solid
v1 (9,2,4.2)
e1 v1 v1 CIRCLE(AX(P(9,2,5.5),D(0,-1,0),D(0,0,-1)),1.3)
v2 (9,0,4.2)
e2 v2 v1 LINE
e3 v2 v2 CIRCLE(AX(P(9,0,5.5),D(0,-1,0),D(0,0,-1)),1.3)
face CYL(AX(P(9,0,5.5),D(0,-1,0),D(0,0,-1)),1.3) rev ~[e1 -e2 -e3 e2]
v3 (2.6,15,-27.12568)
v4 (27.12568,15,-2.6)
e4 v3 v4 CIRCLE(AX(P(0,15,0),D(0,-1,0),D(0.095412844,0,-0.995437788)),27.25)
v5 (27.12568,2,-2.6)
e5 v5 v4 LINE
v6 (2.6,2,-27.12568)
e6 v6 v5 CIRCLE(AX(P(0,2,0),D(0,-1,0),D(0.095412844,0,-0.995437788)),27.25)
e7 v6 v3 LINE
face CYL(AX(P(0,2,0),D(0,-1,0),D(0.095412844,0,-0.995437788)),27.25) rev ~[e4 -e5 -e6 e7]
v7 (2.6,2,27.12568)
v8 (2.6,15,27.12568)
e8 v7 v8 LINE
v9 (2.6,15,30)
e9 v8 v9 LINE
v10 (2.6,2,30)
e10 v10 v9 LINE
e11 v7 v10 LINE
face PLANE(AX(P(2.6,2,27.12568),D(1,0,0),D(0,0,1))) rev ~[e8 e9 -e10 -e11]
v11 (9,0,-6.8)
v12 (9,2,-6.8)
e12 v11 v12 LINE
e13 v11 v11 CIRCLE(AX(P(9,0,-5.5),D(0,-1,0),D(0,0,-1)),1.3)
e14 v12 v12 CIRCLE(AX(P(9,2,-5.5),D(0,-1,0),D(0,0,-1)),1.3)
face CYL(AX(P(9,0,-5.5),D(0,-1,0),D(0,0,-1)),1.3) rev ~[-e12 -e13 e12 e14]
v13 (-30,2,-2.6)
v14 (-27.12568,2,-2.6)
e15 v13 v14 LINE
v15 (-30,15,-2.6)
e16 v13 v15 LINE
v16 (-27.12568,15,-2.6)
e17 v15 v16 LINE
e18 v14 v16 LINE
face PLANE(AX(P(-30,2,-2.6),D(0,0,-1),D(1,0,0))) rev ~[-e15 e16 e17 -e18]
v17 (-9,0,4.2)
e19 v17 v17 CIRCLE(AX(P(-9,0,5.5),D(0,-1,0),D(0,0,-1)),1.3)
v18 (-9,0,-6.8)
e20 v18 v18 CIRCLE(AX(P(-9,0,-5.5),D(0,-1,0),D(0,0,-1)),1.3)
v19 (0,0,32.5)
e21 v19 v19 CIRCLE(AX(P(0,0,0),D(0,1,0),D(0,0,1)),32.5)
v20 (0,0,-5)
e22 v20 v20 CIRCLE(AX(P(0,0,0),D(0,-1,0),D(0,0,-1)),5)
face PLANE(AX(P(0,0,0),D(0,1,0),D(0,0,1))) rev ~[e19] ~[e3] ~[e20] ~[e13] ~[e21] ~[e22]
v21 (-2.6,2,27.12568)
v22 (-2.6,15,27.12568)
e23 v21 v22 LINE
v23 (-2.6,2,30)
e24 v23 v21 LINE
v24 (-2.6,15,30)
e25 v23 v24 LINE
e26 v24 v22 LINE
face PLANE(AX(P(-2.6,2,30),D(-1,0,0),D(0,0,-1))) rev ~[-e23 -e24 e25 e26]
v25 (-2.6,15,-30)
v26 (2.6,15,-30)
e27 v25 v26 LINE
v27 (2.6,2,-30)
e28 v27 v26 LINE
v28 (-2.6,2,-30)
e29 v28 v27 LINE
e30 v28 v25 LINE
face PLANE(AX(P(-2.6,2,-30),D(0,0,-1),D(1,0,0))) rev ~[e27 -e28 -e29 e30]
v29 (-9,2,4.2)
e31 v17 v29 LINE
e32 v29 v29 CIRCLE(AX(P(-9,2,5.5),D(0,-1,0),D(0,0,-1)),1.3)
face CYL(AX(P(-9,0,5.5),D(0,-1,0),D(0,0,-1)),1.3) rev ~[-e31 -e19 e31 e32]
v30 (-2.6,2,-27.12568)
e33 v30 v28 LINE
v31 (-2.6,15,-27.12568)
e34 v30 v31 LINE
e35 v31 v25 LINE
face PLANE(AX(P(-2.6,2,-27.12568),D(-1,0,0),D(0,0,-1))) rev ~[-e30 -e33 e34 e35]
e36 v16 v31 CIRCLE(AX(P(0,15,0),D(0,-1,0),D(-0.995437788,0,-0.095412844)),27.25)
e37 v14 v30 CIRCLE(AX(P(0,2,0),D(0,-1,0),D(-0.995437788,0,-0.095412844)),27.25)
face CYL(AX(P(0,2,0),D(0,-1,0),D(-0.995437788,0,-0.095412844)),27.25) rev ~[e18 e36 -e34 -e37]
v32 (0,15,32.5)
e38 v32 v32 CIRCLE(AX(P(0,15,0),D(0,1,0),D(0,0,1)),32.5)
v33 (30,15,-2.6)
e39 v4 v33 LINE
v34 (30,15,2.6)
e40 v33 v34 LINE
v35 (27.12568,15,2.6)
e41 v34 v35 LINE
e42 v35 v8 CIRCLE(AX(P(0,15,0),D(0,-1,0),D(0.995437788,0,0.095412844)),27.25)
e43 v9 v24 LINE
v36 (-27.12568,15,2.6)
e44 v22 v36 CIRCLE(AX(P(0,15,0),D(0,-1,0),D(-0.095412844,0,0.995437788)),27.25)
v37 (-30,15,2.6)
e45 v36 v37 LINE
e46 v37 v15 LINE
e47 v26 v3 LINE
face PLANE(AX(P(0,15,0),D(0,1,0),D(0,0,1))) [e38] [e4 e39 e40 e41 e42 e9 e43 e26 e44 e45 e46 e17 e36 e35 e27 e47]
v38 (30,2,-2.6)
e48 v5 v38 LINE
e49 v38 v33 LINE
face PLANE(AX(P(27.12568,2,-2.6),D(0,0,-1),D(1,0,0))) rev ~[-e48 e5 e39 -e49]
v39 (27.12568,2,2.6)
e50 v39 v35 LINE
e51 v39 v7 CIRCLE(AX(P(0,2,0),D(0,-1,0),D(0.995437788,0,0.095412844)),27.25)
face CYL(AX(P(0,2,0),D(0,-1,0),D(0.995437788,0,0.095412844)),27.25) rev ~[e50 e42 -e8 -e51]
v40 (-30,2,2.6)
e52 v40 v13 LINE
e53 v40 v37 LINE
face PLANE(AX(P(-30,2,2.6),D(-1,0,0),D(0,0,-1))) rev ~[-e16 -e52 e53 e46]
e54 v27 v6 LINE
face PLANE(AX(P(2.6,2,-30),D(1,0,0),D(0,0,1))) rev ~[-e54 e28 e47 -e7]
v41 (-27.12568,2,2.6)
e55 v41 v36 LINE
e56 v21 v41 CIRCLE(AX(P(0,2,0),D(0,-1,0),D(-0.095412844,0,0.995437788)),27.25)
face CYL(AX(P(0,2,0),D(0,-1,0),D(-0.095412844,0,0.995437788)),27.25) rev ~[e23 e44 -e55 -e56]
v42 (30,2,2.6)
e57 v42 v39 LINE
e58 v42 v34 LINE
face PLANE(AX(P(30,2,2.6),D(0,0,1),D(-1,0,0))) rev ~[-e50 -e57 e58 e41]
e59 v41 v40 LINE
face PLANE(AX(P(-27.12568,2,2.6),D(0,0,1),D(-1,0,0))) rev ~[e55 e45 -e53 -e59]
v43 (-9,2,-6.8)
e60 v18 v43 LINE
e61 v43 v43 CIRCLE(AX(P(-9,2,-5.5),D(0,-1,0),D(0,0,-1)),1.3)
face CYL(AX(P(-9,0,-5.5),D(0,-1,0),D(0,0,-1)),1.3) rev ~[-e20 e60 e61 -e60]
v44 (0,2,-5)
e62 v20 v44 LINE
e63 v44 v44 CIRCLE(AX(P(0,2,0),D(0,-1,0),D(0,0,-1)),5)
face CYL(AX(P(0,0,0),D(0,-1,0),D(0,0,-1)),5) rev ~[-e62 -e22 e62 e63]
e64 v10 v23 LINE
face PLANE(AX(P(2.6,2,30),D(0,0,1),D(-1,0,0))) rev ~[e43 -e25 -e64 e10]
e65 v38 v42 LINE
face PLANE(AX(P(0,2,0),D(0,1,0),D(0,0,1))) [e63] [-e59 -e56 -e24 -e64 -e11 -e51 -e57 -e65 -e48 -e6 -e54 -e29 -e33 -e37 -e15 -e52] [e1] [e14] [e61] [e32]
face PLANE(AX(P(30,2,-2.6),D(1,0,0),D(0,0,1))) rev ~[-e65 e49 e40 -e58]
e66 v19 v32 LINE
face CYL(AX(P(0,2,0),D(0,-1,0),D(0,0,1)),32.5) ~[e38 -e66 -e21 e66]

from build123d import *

# Parameters (mm, degrees)
SKETCH1_R           = 32.5
BOSS_EXTRUDE1_DEPTH = 2
SKETCH2_R           = 32.5
BOSS_EXTRUDE2_DEPTH = 13
CUT_EXTRUDE2_REACH  = 50.348
SKETCH3_R           = 5
CUT_EXTRUDE3_REACH  = 50.348
SKETCH5_R           = 1.3


with BuildPart() as part:
    # Sketch1 → Boss-Extrude1 (new body)
    with BuildSketch(Plane(origin=(0, 0, 0), x_dir=(1, 0, 0), z_dir=(0, 1, 0))):
        with Locations(Location((0, 0, 0), (0, 0, 270))):
            Circle(SKETCH1_R)
    extrude(amount=BOSS_EXTRUDE1_DEPTH)

    # Sketch2 → Boss-Extrude2 (add)
    with BuildSketch(Plane(origin=(0, 2, 0), x_dir=(1, 0, 0), z_dir=(0, 1, 0))):
        with Locations(Location((0, 0, 0), (0, 0, 270))):
            Circle(SKETCH2_R)
        with BuildLine():
            Line((2.6, -27.125679715), (2.6, -30))
            Line((2.6, -30), (-2.6, -30))
            Line((-2.6, -30), (-2.6, -27.125679715))
            ThreePointArc((-2.6, -27.125679715), (-19.268659787, -19.268659787), (-27.125679715, -2.6))
            Line((-27.125679715, -2.6), (-30, -2.6))
            Line((-30, -2.6), (-30, 2.6))
            Line((-30, 2.6), (-27.125679715, 2.6))
            ThreePointArc((-27.125679715, 2.6), (-19.268659787, 19.268659787), (-2.6, 27.125679715))
            Line((-2.6, 27.125679715), (-2.6, 30))
            Line((-2.6, 30), (2.6, 30))
            Line((2.6, 30), (2.6, 27.125679715))
            ThreePointArc((2.6, 27.125679715), (19.268659787, 19.268659787), (27.125679715, 2.6))
            Line((27.125679715, 2.6), (30, 2.6))
            Line((30, 2.6), (30, -2.6))
            Line((30, -2.6), (27.125679715, -2.6))
            ThreePointArc((27.125679715, -2.6), (19.268659787, -19.268659787), (2.6, -27.125679715))
        make_face(mode=Mode.SUBTRACT)
    extrude(amount=BOSS_EXTRUDE2_DEPTH)

    # Sketch3 → Cut-Extrude2 (cut, up to next)
    with BuildSketch(Plane.XZ, mode=Mode.PRIVATE) as cut_extrude2_sk1:
        with Locations(Location((0, 0, 0), (0, 0, 270))):
            Circle(SKETCH3_R)
    cut_extrude2_tool1 = extrude(cut_extrude2_sk1.sketch, amount=-CUT_EXTRUDE2_REACH, mode=Mode.PRIVATE) & part.part
    add(cut_extrude2_tool1.solids().sort_by_distance((0, 0, 0))[0], mode=Mode.SUBTRACT)

    # Sketch5 → Cut-Extrude3 (cut, up to next)
    with BuildSketch(Plane.XZ, mode=Mode.PRIVATE) as cut_extrude3_sk1:
        with Locations(Location((9, 5.5, 0), (0, 0, 270))):
            Circle(SKETCH5_R)
    cut_extrude3_tool1 = extrude(cut_extrude3_sk1.sketch, amount=-CUT_EXTRUDE3_REACH, mode=Mode.PRIVATE) & part.part
    # Sketch5 → Cut-Extrude3 (cut, up to next)
    with BuildSketch(Plane.XZ, mode=Mode.PRIVATE) as cut_extrude3_sk2:
        with Locations(Location((9, -5.5, 0), (0, 0, 270))):
            Circle(SKETCH5_R)
    cut_extrude3_tool2 = extrude(cut_extrude3_sk2.sketch, amount=-CUT_EXTRUDE3_REACH, mode=Mode.PRIVATE) & part.part
    # Sketch5 → Cut-Extrude3 (cut, up to next)
    with BuildSketch(Plane.XZ, mode=Mode.PRIVATE) as cut_extrude3_sk3:
        with Locations(Location((-9, -5.5, 0), (0, 0, 270))):
            Circle(SKETCH5_R)
    cut_extrude3_tool3 = extrude(cut_extrude3_sk3.sketch, amount=-CUT_EXTRUDE3_REACH, mode=Mode.PRIVATE) & part.part
    # Sketch5 → Cut-Extrude3 (cut, up to next)
    with BuildSketch(Plane.XZ, mode=Mode.PRIVATE) as cut_extrude3_sk4:
        with Locations(Location((-9, 5.5, 0), (0, 0, 270))):
            Circle(SKETCH5_R)
    cut_extrude3_tool4 = extrude(cut_extrude3_sk4.sketch, amount=-CUT_EXTRUDE3_REACH, mode=Mode.PRIVATE) & part.part
    add(cut_extrude3_tool1.solids().sort_by_distance((9, 0, 5.5))[0], mode=Mode.SUBTRACT)
    add(cut_extrude3_tool2.solids().sort_by_distance((9, 0, -5.5))[0], mode=Mode.SUBTRACT)
    add(cut_extrude3_tool3.solids().sort_by_distance((-9, 0, -5.5))[0], mode=Mode.SUBTRACT)
    add(cut_extrude3_tool4.solids().sort_by_distance((-9, 0, 5.5))[0], mode=Mode.SUBTRACT)


solid = part.part
